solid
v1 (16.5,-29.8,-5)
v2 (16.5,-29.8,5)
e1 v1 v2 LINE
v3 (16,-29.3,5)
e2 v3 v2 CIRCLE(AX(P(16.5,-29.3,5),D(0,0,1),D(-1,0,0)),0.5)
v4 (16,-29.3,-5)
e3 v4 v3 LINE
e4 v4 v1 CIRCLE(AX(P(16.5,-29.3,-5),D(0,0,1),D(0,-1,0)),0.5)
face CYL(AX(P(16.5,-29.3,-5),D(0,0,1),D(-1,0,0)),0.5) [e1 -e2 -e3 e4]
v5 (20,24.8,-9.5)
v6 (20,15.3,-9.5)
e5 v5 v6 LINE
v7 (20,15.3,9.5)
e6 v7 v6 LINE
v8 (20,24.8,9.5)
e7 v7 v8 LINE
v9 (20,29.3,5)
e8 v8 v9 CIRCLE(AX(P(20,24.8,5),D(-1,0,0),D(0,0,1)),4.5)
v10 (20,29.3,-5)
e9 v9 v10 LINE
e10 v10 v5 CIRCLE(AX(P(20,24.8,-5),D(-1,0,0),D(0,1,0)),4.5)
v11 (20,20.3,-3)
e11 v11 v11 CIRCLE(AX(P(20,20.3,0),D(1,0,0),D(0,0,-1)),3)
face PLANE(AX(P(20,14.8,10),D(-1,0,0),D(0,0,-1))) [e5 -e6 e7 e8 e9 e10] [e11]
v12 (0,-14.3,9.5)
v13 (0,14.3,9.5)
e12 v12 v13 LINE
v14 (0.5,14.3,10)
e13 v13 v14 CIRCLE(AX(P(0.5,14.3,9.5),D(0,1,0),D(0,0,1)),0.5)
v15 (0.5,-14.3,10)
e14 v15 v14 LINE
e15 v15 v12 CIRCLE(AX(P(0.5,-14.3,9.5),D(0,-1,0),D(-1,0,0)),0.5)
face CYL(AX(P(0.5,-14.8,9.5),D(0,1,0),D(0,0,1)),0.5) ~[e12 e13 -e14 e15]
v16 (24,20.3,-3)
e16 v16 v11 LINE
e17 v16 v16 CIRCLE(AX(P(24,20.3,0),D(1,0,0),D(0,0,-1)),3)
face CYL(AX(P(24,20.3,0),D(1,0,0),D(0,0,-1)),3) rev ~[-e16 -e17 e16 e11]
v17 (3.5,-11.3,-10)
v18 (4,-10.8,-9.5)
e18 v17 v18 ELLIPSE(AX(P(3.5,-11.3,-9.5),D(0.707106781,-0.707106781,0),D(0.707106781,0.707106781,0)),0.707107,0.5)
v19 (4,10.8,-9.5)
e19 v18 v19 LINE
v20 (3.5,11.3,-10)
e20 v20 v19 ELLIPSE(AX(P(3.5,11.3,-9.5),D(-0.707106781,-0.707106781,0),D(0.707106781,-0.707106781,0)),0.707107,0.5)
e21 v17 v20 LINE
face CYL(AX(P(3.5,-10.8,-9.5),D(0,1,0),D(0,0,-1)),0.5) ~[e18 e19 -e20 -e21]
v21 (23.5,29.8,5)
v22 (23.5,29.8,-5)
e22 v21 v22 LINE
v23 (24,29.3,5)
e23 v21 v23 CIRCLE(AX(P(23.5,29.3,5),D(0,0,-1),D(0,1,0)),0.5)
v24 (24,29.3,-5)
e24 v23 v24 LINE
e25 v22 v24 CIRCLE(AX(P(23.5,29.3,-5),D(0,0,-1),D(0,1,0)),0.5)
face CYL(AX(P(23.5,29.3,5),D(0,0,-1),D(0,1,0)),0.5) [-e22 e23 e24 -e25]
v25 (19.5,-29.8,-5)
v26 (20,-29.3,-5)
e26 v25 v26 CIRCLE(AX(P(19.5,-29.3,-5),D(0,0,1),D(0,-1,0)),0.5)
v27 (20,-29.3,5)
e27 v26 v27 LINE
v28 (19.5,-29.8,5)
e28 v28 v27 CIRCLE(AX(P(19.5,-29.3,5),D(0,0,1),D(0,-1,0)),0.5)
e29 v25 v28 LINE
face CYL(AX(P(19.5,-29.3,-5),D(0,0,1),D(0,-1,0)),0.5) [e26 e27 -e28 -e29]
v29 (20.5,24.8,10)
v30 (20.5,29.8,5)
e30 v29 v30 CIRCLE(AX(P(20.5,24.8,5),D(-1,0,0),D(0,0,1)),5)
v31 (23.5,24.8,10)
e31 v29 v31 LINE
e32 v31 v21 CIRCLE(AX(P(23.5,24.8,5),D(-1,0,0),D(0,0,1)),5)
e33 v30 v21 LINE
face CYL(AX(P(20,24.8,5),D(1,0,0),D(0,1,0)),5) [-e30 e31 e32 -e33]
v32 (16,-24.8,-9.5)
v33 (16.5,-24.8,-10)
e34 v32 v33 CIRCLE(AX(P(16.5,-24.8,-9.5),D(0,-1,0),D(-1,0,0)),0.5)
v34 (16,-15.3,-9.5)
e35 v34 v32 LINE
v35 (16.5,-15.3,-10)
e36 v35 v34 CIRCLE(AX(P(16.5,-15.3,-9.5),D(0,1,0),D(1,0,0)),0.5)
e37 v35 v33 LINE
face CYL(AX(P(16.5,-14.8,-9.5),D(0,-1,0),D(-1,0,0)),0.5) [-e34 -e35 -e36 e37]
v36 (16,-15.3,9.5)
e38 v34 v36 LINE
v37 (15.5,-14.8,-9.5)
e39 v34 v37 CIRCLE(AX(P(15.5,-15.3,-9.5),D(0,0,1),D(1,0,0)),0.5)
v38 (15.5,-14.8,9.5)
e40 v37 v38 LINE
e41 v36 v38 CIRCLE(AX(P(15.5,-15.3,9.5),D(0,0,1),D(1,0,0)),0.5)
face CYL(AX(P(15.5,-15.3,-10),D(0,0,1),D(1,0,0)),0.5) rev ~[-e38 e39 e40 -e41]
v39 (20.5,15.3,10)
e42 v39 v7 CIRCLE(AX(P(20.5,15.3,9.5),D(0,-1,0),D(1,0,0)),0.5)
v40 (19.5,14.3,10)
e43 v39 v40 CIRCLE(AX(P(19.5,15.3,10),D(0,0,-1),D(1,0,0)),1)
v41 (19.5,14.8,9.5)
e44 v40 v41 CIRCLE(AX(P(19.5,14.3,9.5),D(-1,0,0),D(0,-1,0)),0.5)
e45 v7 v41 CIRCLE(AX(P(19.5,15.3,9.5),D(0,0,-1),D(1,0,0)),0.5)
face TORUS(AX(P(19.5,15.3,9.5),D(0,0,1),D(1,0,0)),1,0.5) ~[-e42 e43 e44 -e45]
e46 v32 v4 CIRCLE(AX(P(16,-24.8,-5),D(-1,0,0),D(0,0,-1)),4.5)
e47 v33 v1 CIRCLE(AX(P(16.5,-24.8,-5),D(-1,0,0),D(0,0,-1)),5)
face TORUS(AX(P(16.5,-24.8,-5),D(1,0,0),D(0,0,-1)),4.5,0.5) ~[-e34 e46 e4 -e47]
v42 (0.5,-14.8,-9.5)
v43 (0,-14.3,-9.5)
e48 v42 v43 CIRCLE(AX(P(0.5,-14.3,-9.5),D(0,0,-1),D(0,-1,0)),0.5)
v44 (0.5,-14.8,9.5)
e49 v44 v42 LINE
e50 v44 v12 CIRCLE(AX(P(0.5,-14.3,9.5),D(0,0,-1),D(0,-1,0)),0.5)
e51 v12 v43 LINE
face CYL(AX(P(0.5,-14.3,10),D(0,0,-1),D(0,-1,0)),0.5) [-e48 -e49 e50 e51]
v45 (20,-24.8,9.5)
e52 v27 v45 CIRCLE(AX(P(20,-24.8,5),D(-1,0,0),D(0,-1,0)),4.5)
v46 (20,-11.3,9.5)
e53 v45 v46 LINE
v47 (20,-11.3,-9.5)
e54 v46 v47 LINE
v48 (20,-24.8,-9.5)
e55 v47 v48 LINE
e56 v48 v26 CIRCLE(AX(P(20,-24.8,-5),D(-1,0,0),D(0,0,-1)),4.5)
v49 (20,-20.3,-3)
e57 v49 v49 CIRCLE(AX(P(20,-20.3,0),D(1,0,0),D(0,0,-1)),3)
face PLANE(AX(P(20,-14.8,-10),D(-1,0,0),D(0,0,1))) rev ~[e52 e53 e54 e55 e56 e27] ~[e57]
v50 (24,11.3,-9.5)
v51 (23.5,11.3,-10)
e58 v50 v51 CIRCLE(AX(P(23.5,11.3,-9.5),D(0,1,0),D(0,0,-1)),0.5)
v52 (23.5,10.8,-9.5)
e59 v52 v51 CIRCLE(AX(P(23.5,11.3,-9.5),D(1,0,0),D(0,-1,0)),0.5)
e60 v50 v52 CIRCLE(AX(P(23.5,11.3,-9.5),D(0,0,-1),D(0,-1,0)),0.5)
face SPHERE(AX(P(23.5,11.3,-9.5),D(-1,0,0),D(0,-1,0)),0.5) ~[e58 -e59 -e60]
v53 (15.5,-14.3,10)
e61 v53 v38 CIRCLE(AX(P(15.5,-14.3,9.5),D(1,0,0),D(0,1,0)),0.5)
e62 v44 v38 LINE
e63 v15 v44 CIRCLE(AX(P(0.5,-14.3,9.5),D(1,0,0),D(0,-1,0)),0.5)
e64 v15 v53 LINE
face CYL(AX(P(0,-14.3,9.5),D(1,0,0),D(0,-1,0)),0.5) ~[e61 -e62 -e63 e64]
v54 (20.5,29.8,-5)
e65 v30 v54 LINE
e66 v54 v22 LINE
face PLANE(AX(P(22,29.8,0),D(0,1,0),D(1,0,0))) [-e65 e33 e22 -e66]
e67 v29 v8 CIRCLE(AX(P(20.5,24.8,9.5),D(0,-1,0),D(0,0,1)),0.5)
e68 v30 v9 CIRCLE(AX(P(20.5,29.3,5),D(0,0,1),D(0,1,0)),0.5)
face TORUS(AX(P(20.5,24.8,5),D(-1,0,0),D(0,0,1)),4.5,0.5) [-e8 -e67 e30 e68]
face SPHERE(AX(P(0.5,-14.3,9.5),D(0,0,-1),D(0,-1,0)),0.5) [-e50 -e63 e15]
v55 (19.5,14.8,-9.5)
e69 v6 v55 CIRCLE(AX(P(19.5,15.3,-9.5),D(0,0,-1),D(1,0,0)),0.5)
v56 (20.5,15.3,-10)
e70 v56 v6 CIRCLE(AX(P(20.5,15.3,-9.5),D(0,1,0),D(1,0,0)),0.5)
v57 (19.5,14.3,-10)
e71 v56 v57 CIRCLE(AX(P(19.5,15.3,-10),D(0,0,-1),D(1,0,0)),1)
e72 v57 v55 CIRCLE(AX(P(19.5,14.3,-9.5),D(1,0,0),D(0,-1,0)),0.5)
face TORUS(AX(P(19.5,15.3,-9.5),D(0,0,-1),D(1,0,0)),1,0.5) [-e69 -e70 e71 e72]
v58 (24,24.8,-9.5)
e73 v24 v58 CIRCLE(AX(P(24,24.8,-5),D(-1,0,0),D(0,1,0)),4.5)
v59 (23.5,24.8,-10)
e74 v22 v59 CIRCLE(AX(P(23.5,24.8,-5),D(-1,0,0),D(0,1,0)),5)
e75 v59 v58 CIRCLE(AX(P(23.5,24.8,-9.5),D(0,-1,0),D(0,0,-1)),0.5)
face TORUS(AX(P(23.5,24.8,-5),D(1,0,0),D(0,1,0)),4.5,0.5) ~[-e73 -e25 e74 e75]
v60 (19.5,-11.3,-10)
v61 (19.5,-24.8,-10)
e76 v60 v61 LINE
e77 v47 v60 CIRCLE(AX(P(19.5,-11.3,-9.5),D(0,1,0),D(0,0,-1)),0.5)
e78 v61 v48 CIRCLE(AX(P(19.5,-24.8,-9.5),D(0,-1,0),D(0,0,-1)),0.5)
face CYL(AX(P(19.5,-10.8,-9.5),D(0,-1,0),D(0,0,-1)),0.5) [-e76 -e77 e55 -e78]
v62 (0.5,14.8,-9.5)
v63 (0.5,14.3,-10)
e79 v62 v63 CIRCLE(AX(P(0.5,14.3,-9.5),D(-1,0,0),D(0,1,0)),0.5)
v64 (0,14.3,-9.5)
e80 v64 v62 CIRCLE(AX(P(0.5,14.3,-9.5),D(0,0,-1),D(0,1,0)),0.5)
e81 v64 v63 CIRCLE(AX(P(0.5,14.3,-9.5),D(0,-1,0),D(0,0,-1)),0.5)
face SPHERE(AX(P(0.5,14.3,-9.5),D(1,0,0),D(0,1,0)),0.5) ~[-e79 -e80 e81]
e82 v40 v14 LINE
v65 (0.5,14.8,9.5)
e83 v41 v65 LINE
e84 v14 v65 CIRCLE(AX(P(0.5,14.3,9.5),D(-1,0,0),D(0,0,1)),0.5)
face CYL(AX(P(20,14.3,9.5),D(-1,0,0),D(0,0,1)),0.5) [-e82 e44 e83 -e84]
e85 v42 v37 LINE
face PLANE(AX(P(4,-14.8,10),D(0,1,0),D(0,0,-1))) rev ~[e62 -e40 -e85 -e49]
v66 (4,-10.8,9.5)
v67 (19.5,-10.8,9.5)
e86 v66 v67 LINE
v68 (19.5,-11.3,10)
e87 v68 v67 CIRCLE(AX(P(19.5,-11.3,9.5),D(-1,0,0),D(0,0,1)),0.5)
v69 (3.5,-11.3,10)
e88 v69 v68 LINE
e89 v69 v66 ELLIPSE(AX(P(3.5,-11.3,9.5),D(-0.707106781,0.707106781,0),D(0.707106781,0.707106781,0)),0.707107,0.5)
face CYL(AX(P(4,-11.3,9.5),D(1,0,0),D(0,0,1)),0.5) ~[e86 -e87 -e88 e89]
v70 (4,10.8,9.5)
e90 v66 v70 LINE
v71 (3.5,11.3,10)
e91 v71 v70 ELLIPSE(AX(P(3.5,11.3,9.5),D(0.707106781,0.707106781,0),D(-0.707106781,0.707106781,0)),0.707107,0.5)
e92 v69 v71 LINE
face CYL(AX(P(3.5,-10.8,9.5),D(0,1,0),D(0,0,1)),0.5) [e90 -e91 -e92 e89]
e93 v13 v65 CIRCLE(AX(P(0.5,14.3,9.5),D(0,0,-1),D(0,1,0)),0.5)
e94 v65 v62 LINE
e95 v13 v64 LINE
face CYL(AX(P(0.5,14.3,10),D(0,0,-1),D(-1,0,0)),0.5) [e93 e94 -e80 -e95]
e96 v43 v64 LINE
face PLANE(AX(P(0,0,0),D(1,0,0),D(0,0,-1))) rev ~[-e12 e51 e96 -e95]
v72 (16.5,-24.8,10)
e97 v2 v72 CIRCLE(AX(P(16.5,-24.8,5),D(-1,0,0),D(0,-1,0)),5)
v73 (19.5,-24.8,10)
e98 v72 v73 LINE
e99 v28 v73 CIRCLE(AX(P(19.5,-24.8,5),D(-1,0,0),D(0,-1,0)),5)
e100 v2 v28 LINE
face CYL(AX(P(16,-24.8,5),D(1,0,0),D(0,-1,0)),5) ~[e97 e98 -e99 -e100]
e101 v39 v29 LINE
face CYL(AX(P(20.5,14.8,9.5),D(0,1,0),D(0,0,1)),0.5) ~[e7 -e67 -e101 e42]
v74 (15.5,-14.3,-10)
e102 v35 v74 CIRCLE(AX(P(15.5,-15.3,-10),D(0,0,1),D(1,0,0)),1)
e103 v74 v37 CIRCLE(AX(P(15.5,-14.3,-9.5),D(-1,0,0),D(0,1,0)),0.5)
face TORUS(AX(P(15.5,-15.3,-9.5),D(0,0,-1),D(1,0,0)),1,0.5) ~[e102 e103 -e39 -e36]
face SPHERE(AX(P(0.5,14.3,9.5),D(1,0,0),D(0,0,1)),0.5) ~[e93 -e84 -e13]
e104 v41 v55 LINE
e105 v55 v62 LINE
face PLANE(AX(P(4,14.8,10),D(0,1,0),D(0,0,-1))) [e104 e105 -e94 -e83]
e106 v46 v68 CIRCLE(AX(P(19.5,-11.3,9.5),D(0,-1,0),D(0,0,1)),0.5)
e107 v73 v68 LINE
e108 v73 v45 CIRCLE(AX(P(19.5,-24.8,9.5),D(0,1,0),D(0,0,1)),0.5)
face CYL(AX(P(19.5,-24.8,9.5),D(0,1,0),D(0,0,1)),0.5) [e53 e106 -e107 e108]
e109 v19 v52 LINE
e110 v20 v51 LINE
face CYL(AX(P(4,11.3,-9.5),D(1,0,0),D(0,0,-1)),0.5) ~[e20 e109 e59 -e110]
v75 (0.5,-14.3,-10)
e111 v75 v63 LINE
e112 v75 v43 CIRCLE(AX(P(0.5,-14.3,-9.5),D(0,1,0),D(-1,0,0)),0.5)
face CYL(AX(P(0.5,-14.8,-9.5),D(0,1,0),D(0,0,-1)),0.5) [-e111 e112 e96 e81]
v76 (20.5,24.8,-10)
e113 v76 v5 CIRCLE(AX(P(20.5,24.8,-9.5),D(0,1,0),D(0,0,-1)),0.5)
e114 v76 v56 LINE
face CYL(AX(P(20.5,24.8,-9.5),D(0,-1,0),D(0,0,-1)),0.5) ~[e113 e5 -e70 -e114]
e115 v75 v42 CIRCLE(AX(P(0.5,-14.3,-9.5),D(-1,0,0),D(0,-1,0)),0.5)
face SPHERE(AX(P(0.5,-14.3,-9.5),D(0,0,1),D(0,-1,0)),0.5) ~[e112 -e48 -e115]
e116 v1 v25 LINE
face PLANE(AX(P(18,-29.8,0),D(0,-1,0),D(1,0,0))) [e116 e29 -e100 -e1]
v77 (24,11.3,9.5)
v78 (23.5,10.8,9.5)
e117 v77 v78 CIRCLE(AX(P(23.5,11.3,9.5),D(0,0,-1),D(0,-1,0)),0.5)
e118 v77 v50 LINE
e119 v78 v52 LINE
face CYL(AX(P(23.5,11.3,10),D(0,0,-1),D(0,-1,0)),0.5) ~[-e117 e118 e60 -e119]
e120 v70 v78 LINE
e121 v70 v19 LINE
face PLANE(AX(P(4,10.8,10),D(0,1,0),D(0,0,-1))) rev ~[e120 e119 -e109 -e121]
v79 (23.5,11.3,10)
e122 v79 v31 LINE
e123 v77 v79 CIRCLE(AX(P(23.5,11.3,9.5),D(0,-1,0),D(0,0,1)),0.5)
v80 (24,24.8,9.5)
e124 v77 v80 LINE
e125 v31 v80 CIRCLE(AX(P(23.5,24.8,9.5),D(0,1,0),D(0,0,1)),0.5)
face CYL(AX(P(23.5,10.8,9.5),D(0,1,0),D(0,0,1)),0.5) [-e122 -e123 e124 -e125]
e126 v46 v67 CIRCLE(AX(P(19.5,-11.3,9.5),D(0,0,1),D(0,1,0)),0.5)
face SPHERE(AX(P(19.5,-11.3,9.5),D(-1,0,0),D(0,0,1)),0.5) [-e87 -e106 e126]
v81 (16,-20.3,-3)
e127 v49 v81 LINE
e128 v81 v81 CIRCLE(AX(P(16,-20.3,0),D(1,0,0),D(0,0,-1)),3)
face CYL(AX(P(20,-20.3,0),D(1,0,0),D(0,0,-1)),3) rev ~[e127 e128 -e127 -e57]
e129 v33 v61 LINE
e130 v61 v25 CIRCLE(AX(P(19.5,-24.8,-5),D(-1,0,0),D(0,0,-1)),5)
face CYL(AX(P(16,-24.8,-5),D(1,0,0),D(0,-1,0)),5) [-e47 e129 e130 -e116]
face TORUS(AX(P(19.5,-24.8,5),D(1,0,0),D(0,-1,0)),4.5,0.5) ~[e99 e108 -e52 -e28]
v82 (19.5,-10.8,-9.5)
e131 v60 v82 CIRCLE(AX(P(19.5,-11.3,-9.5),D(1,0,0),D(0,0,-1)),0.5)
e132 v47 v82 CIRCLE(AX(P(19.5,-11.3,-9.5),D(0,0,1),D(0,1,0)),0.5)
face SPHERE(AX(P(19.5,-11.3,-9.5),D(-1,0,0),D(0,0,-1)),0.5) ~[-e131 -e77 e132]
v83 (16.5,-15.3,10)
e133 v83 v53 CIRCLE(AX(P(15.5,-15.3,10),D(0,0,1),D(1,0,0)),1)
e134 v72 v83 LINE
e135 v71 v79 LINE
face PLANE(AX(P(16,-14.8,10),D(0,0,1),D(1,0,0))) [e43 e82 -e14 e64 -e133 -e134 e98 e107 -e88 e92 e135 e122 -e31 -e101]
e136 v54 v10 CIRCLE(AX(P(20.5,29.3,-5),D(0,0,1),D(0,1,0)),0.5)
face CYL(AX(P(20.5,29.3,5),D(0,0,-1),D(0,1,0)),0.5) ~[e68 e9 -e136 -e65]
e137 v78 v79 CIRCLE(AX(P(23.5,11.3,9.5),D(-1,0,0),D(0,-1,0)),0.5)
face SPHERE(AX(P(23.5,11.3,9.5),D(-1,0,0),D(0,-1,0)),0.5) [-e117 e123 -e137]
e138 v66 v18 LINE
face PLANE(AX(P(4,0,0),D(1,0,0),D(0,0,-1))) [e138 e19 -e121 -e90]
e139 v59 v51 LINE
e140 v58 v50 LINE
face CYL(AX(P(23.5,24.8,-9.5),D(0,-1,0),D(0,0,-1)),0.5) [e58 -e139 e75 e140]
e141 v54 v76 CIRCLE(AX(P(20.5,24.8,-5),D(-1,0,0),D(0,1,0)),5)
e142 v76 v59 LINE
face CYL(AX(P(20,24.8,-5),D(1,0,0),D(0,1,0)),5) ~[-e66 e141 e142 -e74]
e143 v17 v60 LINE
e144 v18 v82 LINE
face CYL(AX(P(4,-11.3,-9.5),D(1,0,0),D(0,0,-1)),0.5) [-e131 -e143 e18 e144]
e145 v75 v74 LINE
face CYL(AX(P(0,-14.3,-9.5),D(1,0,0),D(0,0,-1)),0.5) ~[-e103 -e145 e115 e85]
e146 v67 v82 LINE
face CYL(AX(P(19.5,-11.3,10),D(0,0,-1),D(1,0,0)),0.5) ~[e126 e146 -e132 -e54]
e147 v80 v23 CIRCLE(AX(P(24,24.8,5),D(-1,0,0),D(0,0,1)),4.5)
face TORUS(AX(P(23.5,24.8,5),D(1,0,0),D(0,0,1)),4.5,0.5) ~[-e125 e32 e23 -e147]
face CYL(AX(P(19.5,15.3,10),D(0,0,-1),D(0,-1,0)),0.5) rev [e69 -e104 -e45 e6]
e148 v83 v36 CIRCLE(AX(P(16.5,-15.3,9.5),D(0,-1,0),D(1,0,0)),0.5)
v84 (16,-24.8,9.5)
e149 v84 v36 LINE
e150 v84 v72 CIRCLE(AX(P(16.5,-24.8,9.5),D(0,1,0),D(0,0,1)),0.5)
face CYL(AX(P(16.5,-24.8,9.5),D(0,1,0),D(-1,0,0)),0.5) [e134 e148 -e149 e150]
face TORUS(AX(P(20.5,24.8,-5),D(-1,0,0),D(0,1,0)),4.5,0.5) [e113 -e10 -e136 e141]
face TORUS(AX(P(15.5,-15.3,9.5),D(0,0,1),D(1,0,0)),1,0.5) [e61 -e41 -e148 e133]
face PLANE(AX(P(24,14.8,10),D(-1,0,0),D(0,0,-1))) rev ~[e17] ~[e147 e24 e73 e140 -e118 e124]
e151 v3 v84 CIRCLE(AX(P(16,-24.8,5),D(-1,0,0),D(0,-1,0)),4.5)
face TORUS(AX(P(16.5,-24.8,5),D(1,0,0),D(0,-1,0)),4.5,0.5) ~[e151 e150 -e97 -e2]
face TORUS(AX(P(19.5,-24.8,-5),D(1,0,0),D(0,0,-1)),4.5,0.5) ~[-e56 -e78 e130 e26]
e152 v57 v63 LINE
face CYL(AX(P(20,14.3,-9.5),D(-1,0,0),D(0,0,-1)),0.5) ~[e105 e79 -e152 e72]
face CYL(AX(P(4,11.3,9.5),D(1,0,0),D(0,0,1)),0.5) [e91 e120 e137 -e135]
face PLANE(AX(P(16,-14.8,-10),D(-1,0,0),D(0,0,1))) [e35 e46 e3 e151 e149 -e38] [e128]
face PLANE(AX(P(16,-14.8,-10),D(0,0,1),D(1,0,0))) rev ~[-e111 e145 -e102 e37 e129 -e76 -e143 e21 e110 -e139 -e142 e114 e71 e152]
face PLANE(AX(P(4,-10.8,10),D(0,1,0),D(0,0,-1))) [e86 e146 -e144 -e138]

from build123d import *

# Parameters (mm, degrees)
SKETCH2_W           = 20
SKETCH2_H           = 29.6
BOSS_EXTRUDE1_DEPTH = 4
SKETCH3_W           = 20
SKETCH3_H           = 4
BOSS_EXTRUDE2_DEPTH = 20
SKETCH4_W           = 20
SKETCH4_H           = 4
BOSS_EXTRUDE3_DEPTH = 16
SKETCH5_W           = 4
SKETCH5_H           = 20
BOSS_EXTRUDE4_DEPTH = 15
SKETCH6_W           = 4
SKETCH6_H           = 20
BOSS_EXTRUDE5_DEPTH = 15
FILLET1_R           = 5
FILLET3_R           = 0.5
CUT_EXTRUDE2_REACH  = 41.548
SKETCH9_R           = 3
CUT_EXTRUDE3_REACH  = 39.256
SKETCH10_R          = 3


with BuildPart() as part:
    # Sketch2 → Boss-Extrude1 (new body)
    with BuildSketch(Plane(origin=(0, 0, 0), x_dir=(0, 0, -1), z_dir=(1, 0, 0))):
        Rectangle(SKETCH2_W, SKETCH2_H)
    extrude(amount=BOSS_EXTRUDE1_DEPTH)

    # Sketch3 → Boss-Extrude2 (add)
    with BuildSketch(Plane(origin=(4, 0, 0), x_dir=(0, 0, -1), z_dir=(1, 0, 0))):
        with Locations((0, 12.8)):
            Rectangle(SKETCH3_W, SKETCH3_H)
    extrude(amount=BOSS_EXTRUDE2_DEPTH)

    # Sketch4 → Boss-Extrude3 (add)
    with BuildSketch(Plane(origin=(4, 0, 0), x_dir=(0, 0, -1), z_dir=(1, 0, 0))):
        with Locations((0, -12.8)):
            Rectangle(SKETCH4_W, SKETCH4_H)
    extrude(amount=BOSS_EXTRUDE3_DEPTH)

    # Sketch5 → Boss-Extrude4 (add)
    with BuildSketch(Plane(origin=(0, 14.8, 0), x_dir=(1, 0, 0), z_dir=(0, 1, 0))):
        with Locations((22, 0)):
            Rectangle(SKETCH5_W, SKETCH5_H)
    extrude(amount=BOSS_EXTRUDE4_DEPTH)

    # Sketch6 → Boss-Extrude5 (add)
    with BuildSketch(Plane.XZ.offset(14.8)):
        with Locations((18, 0)):
            Rectangle(SKETCH6_W, SKETCH6_H)
    extrude(amount=BOSS_EXTRUDE5_DEPTH)

    # Fillet1
    fillet1_edges = [part.edges().sort_by_distance(p)[0] for p in [
        (22, 29.8, -10),
        (22, 29.8, 10),
        (18, -29.8, 10),
        (18, -29.8, -10),
    ]]
    fillet(fillet1_edges, radius=FILLET1_R)

    # Fillet3
    fillet3_edges = [part.edges().sort_by_distance(p)[0] for p in [
        (4, 0, 10),
        (14, 10.8, 10),
        (14, 10.8, -10),
        (24, 10.8, 0),
        (24, 17.8, -10),
        (4, 0, -10),
        (12, -10.8, 10),
        (12, -10.8, -10),
        (20, -17.8, 10),
        (20, -10.8, 0),
        (10, 14.8, 10),
        (10, 14.8, -10),
        (20, 14.8, 0),
        (0, -14.8, 0),
        (8, -14.8, -10),
        (8, -14.8, 10),
        (16, -14.8, 0),
        (0, 0, 10),
        (0, 14.8, 0),
        (0, 0, -10),
        (20, -29.8, 0),
        (16, -29.8, 0),
        (16, -19.8, -10),
        (16, -19.8, 10),
        (16, -28.335533906, -8.535533906),
        (16, -28.335533906, 8.535533906),
        (24, 17.8, 10),
        (20, 19.8, 10),
        (20, -17.8, -10),
        (20, -28.335533906, -8.535533906),
        (20, -28.335533906, 8.535533906),
        (20, 19.8, -10),
        (24, 29.8, 0),
        (20, 29.8, 0),
        (20, 28.335533906, 8.535533906),
        (20, 28.335533906, -8.535533906),
        (24, 28.335533906, 8.535533906),
        (24, 28.335533906, -8.535533906),
    ]]
    fillet(fillet3_edges, radius=FILLET3_R)

    # Sketch9 → Cut-Extrude2 (cut, up to next)
    with BuildSketch(Plane(origin=(24, 0, 0), x_dir=(0, 0, -1), z_dir=(1, 0, 0)), mode=Mode.PRIVATE) as cut_extrude2_sk1:
        with Locations((0, 20.3)):
            Circle(SKETCH9_R)
    cut_extrude2_tool1 = extrude(cut_extrude2_sk1.sketch, amount=-CUT_EXTRUDE2_REACH, mode=Mode.PRIVATE) & part.part
    add(cut_extrude2_tool1.solids().sort_by_distance((24, 20.3, 0))[0], mode=Mode.SUBTRACT)

    # Sketch10 → Cut-Extrude3 (cut, up to next)
    with BuildSketch(Plane(origin=(20, 0, 0), x_dir=(0, 0, -1), z_dir=(1, 0, 0)), mode=Mode.PRIVATE) as cut_extrude3_sk1:
        with Locations((0, -20.3)):
            Circle(SKETCH10_R)
    cut_extrude3_tool1 = extrude(cut_extrude3_sk1.sketch, amount=-CUT_EXTRUDE3_REACH, mode=Mode.PRIVATE) & part.part
    add(cut_extrude3_tool1.solids().sort_by_distance((20, -20.3, 0))[0], mode=Mode.SUBTRACT)


solid = part.part
